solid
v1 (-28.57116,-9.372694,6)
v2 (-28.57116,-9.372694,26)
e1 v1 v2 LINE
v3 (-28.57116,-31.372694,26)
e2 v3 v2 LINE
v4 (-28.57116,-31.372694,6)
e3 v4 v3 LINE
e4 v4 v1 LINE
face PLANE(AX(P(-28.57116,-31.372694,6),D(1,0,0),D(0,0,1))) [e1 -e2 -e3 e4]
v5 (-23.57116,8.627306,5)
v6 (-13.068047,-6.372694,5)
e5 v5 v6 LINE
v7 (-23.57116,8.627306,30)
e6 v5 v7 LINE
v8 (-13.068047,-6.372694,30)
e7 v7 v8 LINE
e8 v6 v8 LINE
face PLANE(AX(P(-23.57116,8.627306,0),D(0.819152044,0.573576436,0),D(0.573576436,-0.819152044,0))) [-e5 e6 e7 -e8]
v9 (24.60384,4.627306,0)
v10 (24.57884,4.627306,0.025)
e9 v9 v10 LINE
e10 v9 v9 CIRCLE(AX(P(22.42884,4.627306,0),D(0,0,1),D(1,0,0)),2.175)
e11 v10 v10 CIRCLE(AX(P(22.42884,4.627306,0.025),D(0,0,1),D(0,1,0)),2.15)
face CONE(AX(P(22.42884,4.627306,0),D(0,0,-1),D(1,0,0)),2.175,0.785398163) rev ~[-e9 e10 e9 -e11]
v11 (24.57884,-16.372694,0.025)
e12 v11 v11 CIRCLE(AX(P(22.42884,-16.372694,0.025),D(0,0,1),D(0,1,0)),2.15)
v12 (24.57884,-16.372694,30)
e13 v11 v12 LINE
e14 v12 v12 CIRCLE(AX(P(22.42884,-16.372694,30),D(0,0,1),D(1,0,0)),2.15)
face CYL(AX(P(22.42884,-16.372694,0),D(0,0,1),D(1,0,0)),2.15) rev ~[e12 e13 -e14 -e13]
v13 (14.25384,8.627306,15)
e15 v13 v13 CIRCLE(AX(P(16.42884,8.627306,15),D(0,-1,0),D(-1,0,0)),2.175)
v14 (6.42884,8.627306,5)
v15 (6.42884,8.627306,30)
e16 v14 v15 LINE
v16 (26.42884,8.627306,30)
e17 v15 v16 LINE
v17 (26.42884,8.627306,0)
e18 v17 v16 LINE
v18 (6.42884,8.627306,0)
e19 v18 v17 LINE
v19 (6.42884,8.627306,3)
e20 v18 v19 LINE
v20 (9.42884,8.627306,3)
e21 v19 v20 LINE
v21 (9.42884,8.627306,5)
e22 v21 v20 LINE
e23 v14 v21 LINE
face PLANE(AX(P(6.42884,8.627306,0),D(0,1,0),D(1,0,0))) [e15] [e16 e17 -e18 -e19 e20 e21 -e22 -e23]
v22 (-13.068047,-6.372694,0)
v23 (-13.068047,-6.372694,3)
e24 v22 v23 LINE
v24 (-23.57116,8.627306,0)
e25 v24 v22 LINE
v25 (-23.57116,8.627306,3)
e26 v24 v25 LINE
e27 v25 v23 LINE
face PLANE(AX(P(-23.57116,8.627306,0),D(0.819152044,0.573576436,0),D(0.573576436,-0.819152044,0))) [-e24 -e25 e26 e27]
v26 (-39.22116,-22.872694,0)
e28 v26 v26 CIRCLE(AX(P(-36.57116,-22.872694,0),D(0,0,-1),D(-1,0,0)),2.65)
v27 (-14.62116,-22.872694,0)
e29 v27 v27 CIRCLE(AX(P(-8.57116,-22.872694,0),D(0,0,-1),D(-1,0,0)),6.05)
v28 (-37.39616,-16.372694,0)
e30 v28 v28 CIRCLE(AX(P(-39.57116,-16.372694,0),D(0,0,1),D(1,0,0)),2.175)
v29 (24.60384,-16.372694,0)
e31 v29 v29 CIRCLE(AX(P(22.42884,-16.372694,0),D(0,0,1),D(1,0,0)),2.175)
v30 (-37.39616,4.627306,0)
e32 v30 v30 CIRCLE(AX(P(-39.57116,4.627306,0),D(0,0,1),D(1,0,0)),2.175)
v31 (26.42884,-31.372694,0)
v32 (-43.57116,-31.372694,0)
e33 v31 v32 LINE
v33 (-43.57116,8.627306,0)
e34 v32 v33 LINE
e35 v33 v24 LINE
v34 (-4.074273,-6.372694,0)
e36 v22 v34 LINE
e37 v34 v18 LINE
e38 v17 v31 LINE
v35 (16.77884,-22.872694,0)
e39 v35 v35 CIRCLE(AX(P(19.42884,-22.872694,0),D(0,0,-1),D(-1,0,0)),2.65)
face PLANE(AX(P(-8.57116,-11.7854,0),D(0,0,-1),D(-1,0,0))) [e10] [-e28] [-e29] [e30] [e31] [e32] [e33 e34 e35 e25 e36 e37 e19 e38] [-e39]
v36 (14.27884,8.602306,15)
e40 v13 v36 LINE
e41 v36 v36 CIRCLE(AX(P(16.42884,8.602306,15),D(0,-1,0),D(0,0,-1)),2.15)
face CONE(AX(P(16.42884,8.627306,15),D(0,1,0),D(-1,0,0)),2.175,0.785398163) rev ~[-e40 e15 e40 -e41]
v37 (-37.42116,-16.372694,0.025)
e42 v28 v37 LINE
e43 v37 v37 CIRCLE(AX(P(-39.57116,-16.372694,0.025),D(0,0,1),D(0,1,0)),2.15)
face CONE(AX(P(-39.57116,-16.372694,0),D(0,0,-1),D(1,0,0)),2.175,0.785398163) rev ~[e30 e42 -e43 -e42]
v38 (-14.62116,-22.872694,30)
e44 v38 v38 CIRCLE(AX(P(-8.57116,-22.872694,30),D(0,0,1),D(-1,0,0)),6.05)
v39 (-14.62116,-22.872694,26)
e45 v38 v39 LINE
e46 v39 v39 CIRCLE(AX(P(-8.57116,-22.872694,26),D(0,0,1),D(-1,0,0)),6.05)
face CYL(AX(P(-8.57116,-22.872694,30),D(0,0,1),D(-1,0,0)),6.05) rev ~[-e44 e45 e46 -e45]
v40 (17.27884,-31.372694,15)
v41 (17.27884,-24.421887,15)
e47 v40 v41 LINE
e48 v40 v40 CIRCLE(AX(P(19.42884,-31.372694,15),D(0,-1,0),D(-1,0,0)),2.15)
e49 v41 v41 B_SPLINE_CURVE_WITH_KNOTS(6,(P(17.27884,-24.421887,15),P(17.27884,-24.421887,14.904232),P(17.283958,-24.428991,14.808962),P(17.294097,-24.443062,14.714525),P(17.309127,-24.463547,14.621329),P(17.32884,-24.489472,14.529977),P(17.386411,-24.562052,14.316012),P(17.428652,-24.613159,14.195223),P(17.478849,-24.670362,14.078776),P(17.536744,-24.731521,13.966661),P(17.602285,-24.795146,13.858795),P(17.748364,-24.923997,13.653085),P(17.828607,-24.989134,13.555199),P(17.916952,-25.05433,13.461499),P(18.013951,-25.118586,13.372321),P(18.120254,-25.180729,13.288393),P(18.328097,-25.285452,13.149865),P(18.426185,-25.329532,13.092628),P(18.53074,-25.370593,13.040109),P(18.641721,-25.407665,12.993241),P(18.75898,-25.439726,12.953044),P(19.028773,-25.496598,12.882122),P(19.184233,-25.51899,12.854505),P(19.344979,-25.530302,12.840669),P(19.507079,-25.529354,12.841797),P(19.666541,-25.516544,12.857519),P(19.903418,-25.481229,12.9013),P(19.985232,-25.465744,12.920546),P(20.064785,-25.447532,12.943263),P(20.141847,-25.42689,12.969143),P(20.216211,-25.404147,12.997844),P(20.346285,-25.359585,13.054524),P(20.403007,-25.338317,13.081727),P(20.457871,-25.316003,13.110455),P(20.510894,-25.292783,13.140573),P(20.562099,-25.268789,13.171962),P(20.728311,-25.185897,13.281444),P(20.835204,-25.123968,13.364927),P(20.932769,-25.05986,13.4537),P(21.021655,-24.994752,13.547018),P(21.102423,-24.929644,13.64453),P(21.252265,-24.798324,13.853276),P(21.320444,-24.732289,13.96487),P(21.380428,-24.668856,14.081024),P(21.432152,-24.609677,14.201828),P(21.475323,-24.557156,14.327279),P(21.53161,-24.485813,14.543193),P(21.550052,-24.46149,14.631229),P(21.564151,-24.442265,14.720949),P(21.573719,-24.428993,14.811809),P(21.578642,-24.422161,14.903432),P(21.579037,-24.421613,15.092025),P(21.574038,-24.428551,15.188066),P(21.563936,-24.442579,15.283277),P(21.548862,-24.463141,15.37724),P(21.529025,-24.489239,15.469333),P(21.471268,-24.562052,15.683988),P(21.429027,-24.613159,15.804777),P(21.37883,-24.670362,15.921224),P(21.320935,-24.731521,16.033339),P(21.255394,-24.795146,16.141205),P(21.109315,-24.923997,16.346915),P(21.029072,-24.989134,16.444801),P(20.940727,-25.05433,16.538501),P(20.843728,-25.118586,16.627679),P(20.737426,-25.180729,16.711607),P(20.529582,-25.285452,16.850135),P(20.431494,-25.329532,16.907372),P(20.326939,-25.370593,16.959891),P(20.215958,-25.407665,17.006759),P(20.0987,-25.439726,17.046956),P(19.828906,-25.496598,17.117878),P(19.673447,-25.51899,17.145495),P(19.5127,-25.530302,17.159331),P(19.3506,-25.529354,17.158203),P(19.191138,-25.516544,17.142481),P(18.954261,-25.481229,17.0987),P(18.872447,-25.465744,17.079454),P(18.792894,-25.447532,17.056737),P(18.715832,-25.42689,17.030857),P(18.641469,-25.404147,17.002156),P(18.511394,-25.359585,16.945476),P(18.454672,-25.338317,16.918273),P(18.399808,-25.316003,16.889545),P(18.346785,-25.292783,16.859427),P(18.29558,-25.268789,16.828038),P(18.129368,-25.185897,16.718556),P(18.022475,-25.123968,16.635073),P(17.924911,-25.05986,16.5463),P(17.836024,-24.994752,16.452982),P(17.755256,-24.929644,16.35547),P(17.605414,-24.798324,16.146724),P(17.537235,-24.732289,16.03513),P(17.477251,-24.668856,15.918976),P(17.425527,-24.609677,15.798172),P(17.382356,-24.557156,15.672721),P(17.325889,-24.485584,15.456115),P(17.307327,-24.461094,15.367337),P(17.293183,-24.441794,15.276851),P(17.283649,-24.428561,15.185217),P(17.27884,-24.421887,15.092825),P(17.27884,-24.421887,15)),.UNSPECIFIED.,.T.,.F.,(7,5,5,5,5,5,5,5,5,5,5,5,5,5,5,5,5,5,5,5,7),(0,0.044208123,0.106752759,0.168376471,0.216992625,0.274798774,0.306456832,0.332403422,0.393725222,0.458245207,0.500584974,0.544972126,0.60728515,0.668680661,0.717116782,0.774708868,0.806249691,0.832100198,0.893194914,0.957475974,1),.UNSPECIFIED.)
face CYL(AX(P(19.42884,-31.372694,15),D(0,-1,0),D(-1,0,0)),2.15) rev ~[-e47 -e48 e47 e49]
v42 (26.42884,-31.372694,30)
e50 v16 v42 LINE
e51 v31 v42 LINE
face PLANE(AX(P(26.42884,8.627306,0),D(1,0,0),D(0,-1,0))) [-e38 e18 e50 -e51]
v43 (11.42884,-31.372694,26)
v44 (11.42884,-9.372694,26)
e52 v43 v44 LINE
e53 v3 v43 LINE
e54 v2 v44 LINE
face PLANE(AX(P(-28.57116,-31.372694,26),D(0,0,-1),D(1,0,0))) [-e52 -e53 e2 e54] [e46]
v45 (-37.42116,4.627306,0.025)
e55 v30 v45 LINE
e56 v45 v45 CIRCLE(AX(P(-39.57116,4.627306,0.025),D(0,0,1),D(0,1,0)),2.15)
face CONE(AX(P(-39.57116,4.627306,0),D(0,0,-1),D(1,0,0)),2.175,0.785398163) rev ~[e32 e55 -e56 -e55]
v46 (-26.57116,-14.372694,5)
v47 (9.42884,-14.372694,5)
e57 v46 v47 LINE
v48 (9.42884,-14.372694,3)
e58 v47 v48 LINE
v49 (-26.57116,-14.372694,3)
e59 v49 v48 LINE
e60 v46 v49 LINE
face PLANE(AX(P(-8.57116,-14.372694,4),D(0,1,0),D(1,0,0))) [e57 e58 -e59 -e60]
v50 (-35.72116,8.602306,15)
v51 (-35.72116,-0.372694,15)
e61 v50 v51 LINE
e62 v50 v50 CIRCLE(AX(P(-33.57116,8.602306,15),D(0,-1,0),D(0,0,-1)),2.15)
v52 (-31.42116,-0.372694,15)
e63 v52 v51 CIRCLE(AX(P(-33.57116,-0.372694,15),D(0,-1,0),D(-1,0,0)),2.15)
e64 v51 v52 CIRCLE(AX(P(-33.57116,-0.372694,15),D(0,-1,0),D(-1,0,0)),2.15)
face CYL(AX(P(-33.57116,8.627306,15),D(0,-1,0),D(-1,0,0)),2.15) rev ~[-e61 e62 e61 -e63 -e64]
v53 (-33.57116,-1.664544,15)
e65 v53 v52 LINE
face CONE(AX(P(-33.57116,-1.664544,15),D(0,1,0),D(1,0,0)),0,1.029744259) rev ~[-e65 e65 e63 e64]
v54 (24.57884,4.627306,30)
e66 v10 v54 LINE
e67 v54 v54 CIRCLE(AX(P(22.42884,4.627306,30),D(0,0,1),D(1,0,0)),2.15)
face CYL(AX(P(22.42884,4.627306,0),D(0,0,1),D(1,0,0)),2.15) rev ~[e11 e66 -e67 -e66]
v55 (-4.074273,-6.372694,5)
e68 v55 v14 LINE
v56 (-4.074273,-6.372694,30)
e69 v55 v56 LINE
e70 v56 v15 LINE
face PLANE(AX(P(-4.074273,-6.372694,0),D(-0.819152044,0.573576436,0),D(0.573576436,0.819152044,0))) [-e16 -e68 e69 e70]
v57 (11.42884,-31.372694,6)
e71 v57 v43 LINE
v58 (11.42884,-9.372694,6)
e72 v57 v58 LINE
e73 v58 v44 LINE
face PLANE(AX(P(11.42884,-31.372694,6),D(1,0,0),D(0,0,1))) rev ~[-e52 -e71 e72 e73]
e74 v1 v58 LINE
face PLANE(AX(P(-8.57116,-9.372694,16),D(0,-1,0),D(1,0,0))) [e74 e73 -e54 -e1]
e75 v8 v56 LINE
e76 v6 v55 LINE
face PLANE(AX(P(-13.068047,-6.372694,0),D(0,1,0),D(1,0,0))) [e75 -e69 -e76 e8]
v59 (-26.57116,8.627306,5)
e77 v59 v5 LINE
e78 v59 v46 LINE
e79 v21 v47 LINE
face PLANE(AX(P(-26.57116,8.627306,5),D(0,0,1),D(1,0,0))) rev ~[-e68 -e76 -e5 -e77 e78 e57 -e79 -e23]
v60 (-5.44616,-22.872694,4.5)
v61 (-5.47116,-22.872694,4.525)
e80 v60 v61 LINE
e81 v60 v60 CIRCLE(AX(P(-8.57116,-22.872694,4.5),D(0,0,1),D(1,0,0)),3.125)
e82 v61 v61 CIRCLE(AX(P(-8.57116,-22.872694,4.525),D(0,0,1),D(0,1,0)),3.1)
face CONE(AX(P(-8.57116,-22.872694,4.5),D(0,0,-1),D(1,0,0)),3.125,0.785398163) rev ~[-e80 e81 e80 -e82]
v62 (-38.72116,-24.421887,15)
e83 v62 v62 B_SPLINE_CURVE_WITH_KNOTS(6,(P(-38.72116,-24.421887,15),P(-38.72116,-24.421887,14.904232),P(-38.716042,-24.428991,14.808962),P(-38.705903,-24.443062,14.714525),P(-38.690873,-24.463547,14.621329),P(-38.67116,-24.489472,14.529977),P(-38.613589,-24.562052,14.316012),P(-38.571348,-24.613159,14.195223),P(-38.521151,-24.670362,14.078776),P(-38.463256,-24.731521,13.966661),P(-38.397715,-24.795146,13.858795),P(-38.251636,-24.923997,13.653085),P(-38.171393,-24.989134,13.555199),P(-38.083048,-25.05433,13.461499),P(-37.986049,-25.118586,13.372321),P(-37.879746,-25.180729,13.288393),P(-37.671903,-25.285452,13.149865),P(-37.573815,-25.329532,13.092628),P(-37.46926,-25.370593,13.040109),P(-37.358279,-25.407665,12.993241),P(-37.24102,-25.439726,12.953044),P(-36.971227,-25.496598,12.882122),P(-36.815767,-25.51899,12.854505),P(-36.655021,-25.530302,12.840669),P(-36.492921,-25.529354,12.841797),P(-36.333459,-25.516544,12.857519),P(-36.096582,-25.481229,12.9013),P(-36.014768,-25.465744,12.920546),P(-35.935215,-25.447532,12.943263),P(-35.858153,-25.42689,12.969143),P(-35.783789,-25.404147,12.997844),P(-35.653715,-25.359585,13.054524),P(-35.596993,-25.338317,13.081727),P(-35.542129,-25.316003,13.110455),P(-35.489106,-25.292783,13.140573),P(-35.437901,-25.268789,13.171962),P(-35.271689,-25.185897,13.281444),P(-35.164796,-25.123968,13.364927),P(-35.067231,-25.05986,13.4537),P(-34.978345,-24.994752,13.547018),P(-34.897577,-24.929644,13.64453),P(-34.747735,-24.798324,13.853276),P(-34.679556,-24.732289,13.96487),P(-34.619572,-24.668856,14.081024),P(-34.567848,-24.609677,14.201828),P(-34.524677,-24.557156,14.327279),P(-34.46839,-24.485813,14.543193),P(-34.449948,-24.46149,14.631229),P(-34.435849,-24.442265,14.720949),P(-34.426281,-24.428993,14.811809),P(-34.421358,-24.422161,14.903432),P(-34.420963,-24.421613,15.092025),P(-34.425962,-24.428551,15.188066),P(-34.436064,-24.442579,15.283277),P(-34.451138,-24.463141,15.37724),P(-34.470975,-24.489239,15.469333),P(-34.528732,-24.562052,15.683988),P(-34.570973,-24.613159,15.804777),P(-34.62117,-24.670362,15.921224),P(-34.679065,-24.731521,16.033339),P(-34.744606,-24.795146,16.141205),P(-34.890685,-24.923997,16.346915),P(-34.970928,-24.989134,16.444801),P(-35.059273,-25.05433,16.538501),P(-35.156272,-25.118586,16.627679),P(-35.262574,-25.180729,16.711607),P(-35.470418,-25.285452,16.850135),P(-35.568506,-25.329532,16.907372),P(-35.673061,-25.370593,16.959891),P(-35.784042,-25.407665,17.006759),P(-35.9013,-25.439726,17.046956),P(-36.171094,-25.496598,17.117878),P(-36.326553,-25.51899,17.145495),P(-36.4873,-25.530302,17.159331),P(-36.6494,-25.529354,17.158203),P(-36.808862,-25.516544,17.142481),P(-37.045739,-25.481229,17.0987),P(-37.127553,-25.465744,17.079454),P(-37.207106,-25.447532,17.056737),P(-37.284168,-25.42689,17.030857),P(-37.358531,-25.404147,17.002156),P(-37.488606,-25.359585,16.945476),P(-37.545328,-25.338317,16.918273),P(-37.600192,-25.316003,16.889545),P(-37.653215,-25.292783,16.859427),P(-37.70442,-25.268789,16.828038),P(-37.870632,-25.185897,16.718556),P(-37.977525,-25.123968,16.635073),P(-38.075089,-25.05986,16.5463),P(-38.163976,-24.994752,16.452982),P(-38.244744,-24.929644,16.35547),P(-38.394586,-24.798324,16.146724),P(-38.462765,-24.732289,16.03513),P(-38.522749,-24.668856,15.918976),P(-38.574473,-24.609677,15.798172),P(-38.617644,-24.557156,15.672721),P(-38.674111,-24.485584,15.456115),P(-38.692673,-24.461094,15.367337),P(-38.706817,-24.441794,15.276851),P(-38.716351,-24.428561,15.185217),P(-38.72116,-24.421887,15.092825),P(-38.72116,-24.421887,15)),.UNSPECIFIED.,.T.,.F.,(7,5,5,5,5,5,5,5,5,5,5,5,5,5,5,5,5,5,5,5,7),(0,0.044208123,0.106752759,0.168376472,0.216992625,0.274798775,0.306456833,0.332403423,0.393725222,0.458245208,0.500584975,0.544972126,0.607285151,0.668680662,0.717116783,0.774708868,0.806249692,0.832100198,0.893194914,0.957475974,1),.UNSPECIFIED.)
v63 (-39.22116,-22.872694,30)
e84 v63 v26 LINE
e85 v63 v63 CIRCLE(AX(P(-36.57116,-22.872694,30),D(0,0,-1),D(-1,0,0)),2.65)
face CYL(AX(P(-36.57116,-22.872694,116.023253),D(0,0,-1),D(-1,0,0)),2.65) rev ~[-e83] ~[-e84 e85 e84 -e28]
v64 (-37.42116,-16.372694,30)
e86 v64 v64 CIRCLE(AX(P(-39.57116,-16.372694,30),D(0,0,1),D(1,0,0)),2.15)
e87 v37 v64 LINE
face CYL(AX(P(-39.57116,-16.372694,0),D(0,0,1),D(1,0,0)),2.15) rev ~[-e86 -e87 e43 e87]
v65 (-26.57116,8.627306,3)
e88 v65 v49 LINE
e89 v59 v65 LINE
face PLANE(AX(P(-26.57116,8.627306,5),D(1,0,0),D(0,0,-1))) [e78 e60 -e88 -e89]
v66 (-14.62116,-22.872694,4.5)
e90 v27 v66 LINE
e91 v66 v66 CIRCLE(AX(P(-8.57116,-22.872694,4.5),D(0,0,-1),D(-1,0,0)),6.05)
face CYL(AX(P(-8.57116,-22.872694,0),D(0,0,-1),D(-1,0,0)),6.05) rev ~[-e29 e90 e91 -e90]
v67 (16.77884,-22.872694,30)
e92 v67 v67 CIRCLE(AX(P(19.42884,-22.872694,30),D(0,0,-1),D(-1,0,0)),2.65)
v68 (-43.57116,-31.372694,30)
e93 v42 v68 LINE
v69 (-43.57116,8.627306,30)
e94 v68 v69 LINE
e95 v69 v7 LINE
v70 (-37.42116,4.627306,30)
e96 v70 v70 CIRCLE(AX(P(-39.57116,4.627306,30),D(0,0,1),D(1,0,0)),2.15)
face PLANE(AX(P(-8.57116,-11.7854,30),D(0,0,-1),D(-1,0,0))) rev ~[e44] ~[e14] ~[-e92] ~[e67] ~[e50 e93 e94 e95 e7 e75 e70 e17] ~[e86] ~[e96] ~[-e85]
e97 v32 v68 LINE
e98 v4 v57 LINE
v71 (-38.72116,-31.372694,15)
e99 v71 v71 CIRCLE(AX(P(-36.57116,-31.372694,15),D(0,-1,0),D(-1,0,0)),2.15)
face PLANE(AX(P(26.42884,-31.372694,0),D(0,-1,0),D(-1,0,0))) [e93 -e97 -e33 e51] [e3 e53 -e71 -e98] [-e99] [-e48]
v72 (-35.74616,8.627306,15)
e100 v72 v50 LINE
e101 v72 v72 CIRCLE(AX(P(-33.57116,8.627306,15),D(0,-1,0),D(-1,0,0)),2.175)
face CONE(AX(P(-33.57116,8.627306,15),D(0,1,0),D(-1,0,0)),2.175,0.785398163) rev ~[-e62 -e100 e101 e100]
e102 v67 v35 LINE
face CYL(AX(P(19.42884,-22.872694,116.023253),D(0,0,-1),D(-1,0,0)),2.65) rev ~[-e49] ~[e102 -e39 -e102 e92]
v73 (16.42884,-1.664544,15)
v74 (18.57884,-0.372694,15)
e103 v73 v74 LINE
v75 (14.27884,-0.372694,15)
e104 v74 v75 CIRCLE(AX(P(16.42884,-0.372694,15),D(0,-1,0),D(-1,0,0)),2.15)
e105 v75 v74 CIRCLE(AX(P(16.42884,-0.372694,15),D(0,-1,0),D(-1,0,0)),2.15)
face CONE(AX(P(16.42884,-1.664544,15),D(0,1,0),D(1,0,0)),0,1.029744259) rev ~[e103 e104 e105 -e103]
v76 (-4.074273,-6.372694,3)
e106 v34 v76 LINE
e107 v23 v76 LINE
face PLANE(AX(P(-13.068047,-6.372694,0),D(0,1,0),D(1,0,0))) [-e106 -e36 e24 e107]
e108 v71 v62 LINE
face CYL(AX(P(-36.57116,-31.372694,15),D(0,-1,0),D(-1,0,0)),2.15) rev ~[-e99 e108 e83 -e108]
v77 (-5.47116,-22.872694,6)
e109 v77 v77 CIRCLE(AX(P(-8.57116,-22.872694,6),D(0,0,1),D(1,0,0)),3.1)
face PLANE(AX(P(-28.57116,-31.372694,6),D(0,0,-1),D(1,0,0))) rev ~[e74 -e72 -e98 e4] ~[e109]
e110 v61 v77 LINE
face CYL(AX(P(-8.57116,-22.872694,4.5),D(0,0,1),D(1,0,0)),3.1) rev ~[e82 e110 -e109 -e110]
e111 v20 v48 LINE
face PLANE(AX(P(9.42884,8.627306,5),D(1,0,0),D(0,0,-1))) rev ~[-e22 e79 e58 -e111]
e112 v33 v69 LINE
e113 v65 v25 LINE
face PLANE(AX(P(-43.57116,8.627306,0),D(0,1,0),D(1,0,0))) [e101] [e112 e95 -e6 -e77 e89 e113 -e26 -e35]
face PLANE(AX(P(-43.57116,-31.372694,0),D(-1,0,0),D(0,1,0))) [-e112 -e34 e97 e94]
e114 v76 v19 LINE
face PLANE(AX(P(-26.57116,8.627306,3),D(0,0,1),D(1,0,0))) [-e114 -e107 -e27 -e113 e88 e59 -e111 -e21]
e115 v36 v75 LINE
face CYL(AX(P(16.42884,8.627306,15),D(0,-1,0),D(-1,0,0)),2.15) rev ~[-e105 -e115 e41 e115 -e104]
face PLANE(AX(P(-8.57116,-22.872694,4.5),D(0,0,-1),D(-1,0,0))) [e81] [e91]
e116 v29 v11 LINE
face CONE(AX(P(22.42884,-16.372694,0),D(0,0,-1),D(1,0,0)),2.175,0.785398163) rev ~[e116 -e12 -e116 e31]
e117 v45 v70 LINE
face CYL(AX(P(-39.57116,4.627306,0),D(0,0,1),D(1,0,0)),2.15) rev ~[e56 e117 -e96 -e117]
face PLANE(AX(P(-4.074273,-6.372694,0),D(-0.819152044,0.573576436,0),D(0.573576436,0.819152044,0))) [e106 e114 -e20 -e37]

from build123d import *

# Parameters (mm, degrees)
AUFSATZ_LINEAR_AUSTRAGEN1_DEPTH            = 30
DURCHGANGSLOCH_F_R_M51_D                   = 5.3
DURCHGANGSLOCH_F_R_M43_REACH               = 68.321
DURCHGANGSLOCH_F_R_M43_BORE_R              = 2.15
DURCHGANGSLOCH_F_R_M41_D                   = 4.3
DURCHGANGSLOCH_F_R_M41_CSINK_D             = 4.35
DURCHGANGSLOCH_F_R_M41_CSINK_ANGLE         = 90
SKIZZE21_W                                 = 40
SKIZZE21_H                                 = 20
SCHNITT_LINEAR_AUSTRAGEN5_DEPTH            = 22
SKIZZE22_R                                 = 6.05
SCHNITT_LINEAR_AUSTRAGEN6_DEPTH            = 4.5
F_6_2_6_2_DURCHMESSER_BOHRUNG1_D           = 6.2
F_6_2_6_2_DURCHMESSER_BOHRUNG1_CSINK_D     = 6.25
F_6_2_6_2_DURCHMESSER_BOHRUNG1_CSINK_ANGLE = 90
SKIZZE25_R                                 = 6.05
SCHNITT_LINEAR_AUSTRAGEN7_DEPTH            = 4
DURCHGANGSLOCH_F_R_M42_D                   = 4.3
DURCHGANGSLOCH_F_R_M42_DEPTH               = 9
DURCHGANGSLOCH_F_R_M42_CSINK_D             = 4.35
DURCHGANGSLOCH_F_R_M42_CSINK_ANGLE         = 90
DURCHGANGSLOCH_F_R_M42_TIP                 = 1.291850331
SKIZZE30_W                                 = 36
SKIZZE30_H                                 = 2
SCHNITT_LINEAR_AUSTRAGEN8_DEPTH            = 23


with BuildPart() as part:
    # Skizze1 → Aufsatz-Linear austragen1 (new body)
    with BuildSketch(Plane.XY):
        Polygon((26.428839574, -31.372693626), (-43.571160426, -31.372693626), (-43.571160426, 8.627306374), (-23.571160426, 8.627306374), (-13.068047352, -6.372693626), (-4.074273499, -6.372693626), (6.428839574, 8.627306374), (26.428839574, 8.627306374), align=None)
    extrude(amount=AUFSATZ_LINEAR_AUSTRAGEN1_DEPTH)

    # Durchgangsloch für M51 (through all)
    with Locations(Plane.XY.offset(30)):
        with Locations((-36.571160426, -22.872693626), (19.428839574, -22.872693626)):
            Hole(DURCHGANGSLOCH_F_R_M51_D / 2)

    # Durchgangsloch für M43 bore → Durchgangsloch für M43 (cut, up to next)
    with BuildSketch(Plane(origin=(0, -31.372693626, 0), x_dir=(-1, 0, 0), z_dir=(0, -1, 0)), mode=Mode.PRIVATE) as durchgangsloch_f_r_m43_sk1:
        with Locations((36.571160426, -15)):
            Circle(DURCHGANGSLOCH_F_R_M43_BORE_R)
    durchgangsloch_f_r_m43_tool1 = extrude(durchgangsloch_f_r_m43_sk1.sketch, amount=-DURCHGANGSLOCH_F_R_M43_REACH, mode=Mode.PRIVATE) & part.part
    # Durchgangsloch für M43 bore → Durchgangsloch für M43 (cut, up to next)
    with BuildSketch(Plane(origin=(0, -31.372693626, 0), x_dir=(-1, 0, 0), z_dir=(0, -1, 0)), mode=Mode.PRIVATE) as durchgangsloch_f_r_m43_sk2:
        with Locations((-19.428839574, -15)):
            Circle(DURCHGANGSLOCH_F_R_M43_BORE_R)
    durchgangsloch_f_r_m43_tool2 = extrude(durchgangsloch_f_r_m43_sk2.sketch, amount=-DURCHGANGSLOCH_F_R_M43_REACH, mode=Mode.PRIVATE) & part.part
    add(durchgangsloch_f_r_m43_tool1.solids().sort_by_distance((-36.57116, -31.372694, 15))[0], mode=Mode.SUBTRACT)
    add(durchgangsloch_f_r_m43_tool2.solids().sort_by_distance((19.42884, -31.372694, 15))[0], mode=Mode.SUBTRACT)

    # Durchgangsloch für M41 (through all)
    with Locations(Plane(origin=(0, 0, 0), x_dir=(-1, 0, 0), z_dir=(0, 0, -1))):
        with Locations((-22.428839574, 4.627306374), (-22.428839574, -16.372693626), (39.571160426, -16.372693626), (39.571160426, 4.627306374)):
            CounterSinkHole(DURCHGANGSLOCH_F_R_M41_D / 2, DURCHGANGSLOCH_F_R_M41_CSINK_D / 2, counter_sink_angle=DURCHGANGSLOCH_F_R_M41_CSINK_ANGLE)

    # Skizze21 → Schnitt-Linear austragen5 (cut)
    with BuildSketch(Plane.XZ.offset(31.372693626)):
        with Locations((-8.571160426, 16)):
            Rectangle(SKIZZE21_W, SKIZZE21_H)
    extrude(amount=-SCHNITT_LINEAR_AUSTRAGEN5_DEPTH, mode=Mode.SUBTRACT)

    # Skizze22 → Schnitt-Linear austragen6 (cut)
    with BuildSketch(Plane(origin=(0, 0, 0), x_dir=(-1, 0, 0), z_dir=(0, 0, -1))):
        with Locations((8.571160426, -22.872693626)):
            Circle(SKIZZE22_R)
    extrude(amount=-SCHNITT_LINEAR_AUSTRAGEN6_DEPTH, mode=Mode.SUBTRACT)

    # Ø6.2 (6.2) Durchmesser Bohrung1 (through all)
    with Locations(Plane(origin=(0, 0, 4.5), x_dir=(-1, 0, 0), z_dir=(0, 0, -1))):
        with Locations((8.571160426, -22.872693626)):
            CounterSinkHole(F_6_2_6_2_DURCHMESSER_BOHRUNG1_D / 2, F_6_2_6_2_DURCHMESSER_BOHRUNG1_CSINK_D / 2, counter_sink_angle=F_6_2_6_2_DURCHMESSER_BOHRUNG1_CSINK_ANGLE)

    # Skizze25 → Schnitt-Linear austragen7 (cut)
    with BuildSketch(Plane.XY.offset(30)):
        with Locations(Location((-8.571160426, -22.872693626, 0), (0, 0, 180))):
            Circle(SKIZZE25_R)
    extrude(amount=-SCHNITT_LINEAR_AUSTRAGEN7_DEPTH, mode=Mode.SUBTRACT)

    # Durchgangsloch für M42
    with Locations(Plane(origin=(0, 8.627306374, 0), x_dir=(1, 0, 0), z_dir=(0, 1, 0))):
        with Locations((-33.571160426, -15), (16.428839574, -15)):
            CounterSinkHole(DURCHGANGSLOCH_F_R_M42_D / 2, DURCHGANGSLOCH_F_R_M42_CSINK_D / 2, depth=DURCHGANGSLOCH_F_R_M42_DEPTH, counter_sink_angle=DURCHGANGSLOCH_F_R_M42_CSINK_ANGLE)
            with Locations((0, 0, -(DURCHGANGSLOCH_F_R_M42_DEPTH + DURCHGANGSLOCH_F_R_M42_TIP / 2))):  # 118° drill point
                Cone(0, DURCHGANGSLOCH_F_R_M42_D / 2, DURCHGANGSLOCH_F_R_M42_TIP, mode=Mode.SUBTRACT)

    # Skizze30 → Schnitt-Linear austragen8 (cut)
    with BuildSketch(Plane(origin=(0, 8.627306374, 0), x_dir=(1, 0, 0), z_dir=(0, 1, 0))):
        with Locations((-8.571160426, -4)):
            Rectangle(SKIZZE30_W, SKIZZE30_H)
    extrude(amount=-SCHNITT_LINEAR_AUSTRAGEN8_DEPTH, mode=Mode.SUBTRACT)


solid = part.part
